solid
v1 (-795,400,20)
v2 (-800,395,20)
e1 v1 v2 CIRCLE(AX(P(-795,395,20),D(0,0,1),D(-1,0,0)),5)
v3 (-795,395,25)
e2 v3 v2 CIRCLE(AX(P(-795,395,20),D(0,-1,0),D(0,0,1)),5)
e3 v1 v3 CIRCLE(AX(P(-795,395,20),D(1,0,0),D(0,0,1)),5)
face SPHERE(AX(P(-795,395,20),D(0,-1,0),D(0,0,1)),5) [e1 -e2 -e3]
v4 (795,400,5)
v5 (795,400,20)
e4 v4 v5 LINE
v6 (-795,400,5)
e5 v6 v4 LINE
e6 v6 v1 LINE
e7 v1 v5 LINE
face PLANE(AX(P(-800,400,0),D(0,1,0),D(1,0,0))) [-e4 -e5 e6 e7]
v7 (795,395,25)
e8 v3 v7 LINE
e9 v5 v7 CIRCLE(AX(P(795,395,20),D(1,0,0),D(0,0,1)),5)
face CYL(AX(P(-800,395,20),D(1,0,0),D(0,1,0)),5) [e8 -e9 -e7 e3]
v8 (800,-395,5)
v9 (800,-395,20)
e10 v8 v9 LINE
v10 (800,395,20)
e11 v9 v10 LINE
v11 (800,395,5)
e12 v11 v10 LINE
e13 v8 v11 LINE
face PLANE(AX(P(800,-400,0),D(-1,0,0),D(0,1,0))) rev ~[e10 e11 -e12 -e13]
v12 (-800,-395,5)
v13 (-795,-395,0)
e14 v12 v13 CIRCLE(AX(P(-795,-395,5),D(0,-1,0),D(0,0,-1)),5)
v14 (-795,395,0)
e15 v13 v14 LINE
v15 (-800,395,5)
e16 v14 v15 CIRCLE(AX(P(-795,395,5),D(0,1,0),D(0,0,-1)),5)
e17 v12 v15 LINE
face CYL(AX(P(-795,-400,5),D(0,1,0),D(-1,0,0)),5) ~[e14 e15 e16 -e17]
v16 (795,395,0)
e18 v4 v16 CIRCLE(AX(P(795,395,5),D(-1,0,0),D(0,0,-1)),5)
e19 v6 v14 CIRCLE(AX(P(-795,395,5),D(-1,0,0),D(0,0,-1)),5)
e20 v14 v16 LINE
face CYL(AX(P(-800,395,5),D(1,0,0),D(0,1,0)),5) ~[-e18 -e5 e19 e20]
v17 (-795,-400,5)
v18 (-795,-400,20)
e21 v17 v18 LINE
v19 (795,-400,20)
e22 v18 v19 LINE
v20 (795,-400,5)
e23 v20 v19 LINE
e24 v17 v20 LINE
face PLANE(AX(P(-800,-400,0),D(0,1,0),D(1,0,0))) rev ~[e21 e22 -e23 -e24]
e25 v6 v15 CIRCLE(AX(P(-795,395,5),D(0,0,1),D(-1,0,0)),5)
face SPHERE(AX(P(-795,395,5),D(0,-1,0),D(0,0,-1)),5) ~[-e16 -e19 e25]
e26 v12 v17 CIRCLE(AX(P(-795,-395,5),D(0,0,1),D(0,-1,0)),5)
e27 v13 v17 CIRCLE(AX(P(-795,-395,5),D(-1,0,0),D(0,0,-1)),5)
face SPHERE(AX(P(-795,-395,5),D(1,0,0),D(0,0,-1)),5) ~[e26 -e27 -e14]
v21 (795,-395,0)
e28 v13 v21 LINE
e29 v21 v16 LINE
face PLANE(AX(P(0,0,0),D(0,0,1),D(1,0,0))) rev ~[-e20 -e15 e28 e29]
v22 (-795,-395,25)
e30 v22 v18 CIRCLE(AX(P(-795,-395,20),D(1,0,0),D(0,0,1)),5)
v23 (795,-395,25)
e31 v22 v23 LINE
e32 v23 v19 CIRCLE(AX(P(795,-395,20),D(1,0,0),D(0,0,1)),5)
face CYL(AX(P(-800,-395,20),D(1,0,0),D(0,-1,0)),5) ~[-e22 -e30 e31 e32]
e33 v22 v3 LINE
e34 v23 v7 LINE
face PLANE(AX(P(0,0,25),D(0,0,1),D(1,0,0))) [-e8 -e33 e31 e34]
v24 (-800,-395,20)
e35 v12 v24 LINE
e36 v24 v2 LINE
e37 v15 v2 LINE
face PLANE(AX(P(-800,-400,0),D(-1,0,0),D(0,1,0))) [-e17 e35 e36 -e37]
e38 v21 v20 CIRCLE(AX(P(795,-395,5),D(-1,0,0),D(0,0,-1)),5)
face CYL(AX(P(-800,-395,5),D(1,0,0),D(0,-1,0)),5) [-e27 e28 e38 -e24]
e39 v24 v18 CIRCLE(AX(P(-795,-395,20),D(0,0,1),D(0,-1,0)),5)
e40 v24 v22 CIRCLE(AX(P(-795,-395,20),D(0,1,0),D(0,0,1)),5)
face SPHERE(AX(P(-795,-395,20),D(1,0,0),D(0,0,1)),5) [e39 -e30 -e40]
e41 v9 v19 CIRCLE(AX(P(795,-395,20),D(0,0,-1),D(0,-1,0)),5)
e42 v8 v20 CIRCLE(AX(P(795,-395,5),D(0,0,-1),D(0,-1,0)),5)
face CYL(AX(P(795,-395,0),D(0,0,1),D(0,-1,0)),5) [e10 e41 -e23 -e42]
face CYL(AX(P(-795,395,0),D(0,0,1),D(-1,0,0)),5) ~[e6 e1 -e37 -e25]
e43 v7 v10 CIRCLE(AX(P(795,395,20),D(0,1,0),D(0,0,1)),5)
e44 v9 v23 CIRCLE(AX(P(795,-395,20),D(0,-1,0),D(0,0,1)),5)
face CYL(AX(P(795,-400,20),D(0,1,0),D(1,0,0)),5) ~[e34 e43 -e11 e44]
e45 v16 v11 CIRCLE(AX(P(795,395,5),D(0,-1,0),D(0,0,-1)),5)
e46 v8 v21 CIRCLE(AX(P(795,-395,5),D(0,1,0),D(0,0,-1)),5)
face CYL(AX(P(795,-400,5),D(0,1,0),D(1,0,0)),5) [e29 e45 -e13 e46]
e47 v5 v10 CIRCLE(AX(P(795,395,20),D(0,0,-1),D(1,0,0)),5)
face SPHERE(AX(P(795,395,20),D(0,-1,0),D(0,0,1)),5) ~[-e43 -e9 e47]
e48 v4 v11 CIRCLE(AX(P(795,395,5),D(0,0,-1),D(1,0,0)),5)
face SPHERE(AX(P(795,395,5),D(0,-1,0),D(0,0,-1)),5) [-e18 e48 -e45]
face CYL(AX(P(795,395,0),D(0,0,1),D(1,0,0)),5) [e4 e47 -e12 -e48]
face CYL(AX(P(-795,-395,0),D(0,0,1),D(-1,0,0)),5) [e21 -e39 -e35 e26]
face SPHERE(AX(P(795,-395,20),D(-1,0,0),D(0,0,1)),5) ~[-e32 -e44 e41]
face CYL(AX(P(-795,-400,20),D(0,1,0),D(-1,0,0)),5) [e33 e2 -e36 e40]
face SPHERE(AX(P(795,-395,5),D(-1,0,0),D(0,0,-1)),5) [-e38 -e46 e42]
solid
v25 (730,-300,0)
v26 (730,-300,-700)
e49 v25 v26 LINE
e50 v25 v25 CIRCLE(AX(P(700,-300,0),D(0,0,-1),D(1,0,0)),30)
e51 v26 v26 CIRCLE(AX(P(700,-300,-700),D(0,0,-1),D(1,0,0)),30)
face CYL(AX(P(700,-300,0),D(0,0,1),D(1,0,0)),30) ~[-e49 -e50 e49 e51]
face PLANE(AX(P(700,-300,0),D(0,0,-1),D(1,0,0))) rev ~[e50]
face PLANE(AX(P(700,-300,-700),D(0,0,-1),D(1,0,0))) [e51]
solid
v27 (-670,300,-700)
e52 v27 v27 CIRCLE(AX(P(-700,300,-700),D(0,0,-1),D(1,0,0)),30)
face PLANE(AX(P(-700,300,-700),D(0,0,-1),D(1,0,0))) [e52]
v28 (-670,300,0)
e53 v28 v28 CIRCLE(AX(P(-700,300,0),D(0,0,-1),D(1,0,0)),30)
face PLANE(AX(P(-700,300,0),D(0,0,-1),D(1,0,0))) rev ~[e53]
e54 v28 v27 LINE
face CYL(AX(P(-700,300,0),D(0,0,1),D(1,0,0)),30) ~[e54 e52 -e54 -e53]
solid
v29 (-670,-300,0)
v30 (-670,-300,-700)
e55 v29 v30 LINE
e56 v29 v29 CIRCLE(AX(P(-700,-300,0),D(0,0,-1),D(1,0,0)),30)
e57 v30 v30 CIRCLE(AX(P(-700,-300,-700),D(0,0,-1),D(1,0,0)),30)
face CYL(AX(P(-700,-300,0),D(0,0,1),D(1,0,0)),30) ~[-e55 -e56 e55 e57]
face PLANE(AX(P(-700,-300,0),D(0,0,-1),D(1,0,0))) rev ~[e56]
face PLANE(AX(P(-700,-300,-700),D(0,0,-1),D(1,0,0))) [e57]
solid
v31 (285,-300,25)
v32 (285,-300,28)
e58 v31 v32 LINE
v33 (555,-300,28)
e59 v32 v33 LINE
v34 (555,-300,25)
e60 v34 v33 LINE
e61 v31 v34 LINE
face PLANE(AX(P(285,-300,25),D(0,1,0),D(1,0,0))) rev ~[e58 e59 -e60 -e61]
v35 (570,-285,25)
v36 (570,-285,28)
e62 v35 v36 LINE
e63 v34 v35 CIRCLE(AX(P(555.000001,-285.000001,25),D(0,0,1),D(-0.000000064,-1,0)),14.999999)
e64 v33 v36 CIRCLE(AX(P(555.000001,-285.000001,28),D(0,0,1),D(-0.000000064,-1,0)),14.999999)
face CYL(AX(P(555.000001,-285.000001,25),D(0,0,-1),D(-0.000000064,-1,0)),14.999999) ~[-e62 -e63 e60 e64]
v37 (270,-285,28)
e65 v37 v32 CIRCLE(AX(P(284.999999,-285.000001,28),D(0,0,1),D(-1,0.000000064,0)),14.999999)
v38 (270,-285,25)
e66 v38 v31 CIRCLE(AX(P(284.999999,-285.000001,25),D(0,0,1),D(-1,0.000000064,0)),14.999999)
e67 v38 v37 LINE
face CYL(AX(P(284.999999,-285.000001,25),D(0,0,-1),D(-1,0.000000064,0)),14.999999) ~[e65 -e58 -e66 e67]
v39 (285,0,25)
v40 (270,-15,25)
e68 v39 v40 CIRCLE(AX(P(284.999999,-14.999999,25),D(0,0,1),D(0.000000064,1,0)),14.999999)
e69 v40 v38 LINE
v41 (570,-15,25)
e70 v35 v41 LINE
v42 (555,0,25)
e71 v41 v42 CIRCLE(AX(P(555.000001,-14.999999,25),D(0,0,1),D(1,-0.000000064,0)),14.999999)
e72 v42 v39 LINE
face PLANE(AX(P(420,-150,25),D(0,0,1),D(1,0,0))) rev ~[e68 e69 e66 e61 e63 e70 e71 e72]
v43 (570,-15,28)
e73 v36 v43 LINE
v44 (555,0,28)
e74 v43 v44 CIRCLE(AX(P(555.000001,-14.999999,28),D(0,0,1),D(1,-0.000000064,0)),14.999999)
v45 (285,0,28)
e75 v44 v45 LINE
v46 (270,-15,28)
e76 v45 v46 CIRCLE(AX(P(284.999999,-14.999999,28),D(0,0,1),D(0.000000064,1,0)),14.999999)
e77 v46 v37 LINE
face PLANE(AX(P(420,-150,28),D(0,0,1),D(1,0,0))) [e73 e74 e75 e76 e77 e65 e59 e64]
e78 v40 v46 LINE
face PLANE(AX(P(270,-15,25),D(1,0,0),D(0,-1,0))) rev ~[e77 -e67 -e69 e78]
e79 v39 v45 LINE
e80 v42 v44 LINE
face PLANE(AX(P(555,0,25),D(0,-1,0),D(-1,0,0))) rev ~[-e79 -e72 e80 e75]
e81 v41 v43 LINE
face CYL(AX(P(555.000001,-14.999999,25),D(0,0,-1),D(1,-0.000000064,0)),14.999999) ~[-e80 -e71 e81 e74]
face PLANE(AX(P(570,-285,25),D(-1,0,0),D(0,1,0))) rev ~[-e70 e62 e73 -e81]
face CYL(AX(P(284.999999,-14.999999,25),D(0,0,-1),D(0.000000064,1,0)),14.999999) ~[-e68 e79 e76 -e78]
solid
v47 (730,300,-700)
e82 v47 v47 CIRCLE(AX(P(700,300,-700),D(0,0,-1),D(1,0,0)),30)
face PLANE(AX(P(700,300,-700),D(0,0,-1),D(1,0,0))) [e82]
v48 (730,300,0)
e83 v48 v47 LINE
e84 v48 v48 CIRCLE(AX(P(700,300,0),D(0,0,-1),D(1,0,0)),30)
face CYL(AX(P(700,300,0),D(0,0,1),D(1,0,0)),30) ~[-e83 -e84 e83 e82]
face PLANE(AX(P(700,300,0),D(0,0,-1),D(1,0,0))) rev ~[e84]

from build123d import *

# Parameters (mm, degrees)
F0_W     = 1600
F0_H     = 800
F1_DEPTH = 25
F2_R     = 5
F3_R     = 30
F4_DEPTH = 700
F6_DEPTH = 3


with BuildPart() as f1:
    # F0 (on Top) → F1 (new body)
    with BuildSketch(Plane.XY):
        Rectangle(F0_W, F0_H)
    extrude(amount=F1_DEPTH)

    # F2
    f2_edges = [f1.edges().sort_by_distance(p)[0] for p in [
        (0, -400, 25),
        (0, -400, 0),
        (-800, 0, 25),
        (-800, 0, 0),
        (800, 0, 0),
        (800, 0, 25),
        (0, 400, 0),
        (0, 400, 25),
        (800, 400, 12.5),
        (800, -400, 12.5),
        (-800, -400, 12.5),
        (-800, 400, 12.5),
    ]]
    fillet(f2_edges, radius=F2_R)


with BuildPart() as f4:
    # F3 (on face) → F4 (new body)
    with BuildSketch(Plane(origin=(0, 0, 0), x_dir=(1, 0, 0), z_dir=(0, 0, -1))):
        with Locations((-700, 300)):
            Circle(F3_R)
        with Locations((700, 300)):
            Circle(F3_R)
        with Locations((700, -300)):
            Circle(F3_R)
        with Locations((-700, -300)):
            Circle(F3_R)
    extrude(amount=F4_DEPTH)


with BuildPart() as f6:
    # F5 (on face) → F6 (new body)
    with BuildSketch(Plane.XY.offset(25)):
        with BuildLine():
            Line((285, -300), (555, -300))
            ThreePointArc((555, -300), (565.606602, -295.606602), (570, -285))
            Line((570, -285), (570, -15))
            ThreePointArc((570, -15), (565.606602, -4.393398), (555, 0))
            Line((555, 0), (285, 0))
            ThreePointArc((285, 0), (274.393398, -4.393398), (270, -15))
            Line((270, -15), (270, -285))
            ThreePointArc((270, -285), (274.393398, -295.606602), (285, -300))
        make_face()
    extrude(amount=F6_DEPTH)


solid = Compound([f1.part, f4.part, f6.part])
